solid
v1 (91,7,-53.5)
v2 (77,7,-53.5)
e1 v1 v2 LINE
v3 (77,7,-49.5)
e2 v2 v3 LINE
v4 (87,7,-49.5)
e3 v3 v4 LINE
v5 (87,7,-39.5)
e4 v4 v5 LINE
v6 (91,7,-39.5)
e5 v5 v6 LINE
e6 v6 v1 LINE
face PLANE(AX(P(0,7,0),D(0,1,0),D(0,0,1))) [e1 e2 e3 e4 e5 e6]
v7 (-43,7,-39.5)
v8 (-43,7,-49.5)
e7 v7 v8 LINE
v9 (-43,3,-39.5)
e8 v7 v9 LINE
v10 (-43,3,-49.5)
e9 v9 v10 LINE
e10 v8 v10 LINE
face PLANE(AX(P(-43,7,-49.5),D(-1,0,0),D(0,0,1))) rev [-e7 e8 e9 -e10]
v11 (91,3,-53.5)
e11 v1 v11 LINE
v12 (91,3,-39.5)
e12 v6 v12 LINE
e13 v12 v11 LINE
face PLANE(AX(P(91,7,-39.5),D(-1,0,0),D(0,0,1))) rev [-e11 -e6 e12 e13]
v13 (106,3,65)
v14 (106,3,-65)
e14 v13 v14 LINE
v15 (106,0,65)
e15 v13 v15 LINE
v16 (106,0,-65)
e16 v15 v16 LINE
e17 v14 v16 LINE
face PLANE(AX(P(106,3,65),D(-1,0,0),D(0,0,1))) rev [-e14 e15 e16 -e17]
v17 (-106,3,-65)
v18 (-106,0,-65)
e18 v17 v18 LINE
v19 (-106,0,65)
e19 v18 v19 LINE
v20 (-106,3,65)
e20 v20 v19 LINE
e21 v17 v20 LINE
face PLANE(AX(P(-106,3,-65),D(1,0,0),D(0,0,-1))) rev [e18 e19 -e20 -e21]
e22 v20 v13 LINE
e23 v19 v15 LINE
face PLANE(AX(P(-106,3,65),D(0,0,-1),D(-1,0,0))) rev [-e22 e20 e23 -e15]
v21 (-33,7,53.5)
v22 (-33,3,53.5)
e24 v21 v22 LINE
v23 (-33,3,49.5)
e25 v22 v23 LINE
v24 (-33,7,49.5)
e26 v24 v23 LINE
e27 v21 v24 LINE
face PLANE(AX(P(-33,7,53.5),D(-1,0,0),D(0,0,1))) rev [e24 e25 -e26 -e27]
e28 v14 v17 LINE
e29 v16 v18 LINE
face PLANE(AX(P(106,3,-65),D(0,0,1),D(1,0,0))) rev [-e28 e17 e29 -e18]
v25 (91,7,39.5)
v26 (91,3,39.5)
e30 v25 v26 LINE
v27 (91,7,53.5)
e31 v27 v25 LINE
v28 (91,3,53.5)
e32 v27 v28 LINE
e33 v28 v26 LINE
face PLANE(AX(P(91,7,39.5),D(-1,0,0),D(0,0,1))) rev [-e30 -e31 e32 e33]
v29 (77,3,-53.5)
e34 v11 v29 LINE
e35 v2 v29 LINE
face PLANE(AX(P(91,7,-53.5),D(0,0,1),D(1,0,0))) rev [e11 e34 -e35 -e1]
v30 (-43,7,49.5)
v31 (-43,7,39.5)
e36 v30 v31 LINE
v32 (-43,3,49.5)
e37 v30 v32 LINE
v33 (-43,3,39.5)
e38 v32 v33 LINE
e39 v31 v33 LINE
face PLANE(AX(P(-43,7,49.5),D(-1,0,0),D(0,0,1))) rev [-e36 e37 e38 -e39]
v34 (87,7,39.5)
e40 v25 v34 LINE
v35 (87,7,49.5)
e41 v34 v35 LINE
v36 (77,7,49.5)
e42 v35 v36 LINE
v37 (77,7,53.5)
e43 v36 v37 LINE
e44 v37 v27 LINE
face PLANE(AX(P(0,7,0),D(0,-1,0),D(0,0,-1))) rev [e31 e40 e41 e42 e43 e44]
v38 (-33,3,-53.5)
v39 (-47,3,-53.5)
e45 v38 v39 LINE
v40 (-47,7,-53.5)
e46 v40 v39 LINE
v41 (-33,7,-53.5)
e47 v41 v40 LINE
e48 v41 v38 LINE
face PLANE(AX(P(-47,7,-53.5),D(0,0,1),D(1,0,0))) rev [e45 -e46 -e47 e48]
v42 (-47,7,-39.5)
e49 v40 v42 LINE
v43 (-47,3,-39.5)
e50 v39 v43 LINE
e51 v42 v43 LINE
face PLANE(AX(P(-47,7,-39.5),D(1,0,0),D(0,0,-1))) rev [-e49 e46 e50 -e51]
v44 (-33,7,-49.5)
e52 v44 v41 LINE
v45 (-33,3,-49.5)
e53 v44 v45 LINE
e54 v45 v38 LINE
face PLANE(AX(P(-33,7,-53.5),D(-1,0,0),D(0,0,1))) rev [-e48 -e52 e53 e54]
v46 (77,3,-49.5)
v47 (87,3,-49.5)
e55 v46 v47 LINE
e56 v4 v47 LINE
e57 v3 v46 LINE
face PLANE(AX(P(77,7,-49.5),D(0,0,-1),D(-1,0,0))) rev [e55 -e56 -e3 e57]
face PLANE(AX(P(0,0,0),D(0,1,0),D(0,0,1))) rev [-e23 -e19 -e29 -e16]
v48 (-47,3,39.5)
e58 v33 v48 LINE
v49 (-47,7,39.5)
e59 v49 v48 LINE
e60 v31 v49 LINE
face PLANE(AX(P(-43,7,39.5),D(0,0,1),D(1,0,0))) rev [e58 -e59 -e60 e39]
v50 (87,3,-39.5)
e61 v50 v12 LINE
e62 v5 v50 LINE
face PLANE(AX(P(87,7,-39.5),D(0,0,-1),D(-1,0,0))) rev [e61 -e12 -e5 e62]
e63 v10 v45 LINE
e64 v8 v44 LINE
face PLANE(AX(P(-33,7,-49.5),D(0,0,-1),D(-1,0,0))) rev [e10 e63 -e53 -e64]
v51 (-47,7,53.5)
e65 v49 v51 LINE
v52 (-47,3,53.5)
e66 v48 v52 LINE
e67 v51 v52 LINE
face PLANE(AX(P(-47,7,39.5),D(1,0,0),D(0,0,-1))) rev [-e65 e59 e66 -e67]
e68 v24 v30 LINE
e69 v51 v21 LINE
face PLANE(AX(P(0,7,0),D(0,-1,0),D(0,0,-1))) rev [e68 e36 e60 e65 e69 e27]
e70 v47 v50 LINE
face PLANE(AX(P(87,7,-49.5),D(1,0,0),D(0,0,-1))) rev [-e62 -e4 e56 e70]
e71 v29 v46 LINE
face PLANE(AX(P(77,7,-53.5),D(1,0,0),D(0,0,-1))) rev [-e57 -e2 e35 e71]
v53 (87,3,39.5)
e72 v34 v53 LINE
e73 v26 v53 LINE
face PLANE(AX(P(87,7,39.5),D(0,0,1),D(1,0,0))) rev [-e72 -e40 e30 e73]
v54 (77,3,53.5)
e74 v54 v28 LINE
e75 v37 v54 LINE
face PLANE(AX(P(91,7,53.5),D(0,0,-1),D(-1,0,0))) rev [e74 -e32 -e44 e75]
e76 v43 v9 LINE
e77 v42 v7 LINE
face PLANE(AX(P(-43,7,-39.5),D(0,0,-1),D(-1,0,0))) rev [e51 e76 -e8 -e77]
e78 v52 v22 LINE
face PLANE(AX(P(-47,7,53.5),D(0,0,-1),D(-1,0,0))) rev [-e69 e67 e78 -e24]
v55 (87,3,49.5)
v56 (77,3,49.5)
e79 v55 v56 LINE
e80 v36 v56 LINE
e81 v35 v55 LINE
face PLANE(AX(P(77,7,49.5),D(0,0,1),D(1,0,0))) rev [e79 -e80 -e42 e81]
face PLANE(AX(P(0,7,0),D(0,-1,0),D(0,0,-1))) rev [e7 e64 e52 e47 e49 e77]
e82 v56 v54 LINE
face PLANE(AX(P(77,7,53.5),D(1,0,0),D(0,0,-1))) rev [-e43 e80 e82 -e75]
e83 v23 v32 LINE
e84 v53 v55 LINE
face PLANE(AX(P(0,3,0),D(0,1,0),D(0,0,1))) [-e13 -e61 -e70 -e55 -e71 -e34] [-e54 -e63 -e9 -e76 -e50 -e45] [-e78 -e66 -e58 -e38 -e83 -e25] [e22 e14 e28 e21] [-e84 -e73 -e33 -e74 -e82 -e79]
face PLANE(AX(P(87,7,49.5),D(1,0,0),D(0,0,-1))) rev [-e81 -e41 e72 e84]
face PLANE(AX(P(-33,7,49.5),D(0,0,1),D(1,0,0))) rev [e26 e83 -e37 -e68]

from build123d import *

# Parameters (mm, degrees)
SKETCH2_W           = 212
SKETCH2_H           = 130
BOSS_EXTRUDE1_DEPTH = 3
BOSS_EXTRUDE2_DEPTH = 4


with BuildPart() as part:
    # Sketch2 → Boss-Extrude1 (new body)
    with BuildSketch(Plane(origin=(0, 0, 0), x_dir=(1, 0, 0), z_dir=(0, 1, 0))):
        Rectangle(SKETCH2_W, SKETCH2_H)
    extrude(amount=BOSS_EXTRUDE1_DEPTH)

    # Sketch3 → Boss-Extrude2 (add)
    with BuildSketch(Plane(origin=(0, 3, 0), x_dir=(1, 0, 0), z_dir=(0, 1, 0))):
        Polygon((91, 53.5), (77, 53.5), (77, 49.5), (87, 49.5), (87, 39.5), (91, 39.5), align=None)
        Polygon((91, -39.5), (91, -53.5), (77, -53.5), (77, -49.5), (87, -49.5), (87, -39.5), align=None)
        Polygon((-43, -49.5), (-43, -39.5), (-47, -39.5), (-47, -53.5), (-33, -53.5), (-33, -49.5), align=None)
        Polygon((-43, 39.5), (-47, 39.5), (-47, 53.5), (-33, 53.5), (-33, 49.5), (-43, 49.5), align=None)
    extrude(amount=BOSS_EXTRUDE2_DEPTH)


solid = part.part
